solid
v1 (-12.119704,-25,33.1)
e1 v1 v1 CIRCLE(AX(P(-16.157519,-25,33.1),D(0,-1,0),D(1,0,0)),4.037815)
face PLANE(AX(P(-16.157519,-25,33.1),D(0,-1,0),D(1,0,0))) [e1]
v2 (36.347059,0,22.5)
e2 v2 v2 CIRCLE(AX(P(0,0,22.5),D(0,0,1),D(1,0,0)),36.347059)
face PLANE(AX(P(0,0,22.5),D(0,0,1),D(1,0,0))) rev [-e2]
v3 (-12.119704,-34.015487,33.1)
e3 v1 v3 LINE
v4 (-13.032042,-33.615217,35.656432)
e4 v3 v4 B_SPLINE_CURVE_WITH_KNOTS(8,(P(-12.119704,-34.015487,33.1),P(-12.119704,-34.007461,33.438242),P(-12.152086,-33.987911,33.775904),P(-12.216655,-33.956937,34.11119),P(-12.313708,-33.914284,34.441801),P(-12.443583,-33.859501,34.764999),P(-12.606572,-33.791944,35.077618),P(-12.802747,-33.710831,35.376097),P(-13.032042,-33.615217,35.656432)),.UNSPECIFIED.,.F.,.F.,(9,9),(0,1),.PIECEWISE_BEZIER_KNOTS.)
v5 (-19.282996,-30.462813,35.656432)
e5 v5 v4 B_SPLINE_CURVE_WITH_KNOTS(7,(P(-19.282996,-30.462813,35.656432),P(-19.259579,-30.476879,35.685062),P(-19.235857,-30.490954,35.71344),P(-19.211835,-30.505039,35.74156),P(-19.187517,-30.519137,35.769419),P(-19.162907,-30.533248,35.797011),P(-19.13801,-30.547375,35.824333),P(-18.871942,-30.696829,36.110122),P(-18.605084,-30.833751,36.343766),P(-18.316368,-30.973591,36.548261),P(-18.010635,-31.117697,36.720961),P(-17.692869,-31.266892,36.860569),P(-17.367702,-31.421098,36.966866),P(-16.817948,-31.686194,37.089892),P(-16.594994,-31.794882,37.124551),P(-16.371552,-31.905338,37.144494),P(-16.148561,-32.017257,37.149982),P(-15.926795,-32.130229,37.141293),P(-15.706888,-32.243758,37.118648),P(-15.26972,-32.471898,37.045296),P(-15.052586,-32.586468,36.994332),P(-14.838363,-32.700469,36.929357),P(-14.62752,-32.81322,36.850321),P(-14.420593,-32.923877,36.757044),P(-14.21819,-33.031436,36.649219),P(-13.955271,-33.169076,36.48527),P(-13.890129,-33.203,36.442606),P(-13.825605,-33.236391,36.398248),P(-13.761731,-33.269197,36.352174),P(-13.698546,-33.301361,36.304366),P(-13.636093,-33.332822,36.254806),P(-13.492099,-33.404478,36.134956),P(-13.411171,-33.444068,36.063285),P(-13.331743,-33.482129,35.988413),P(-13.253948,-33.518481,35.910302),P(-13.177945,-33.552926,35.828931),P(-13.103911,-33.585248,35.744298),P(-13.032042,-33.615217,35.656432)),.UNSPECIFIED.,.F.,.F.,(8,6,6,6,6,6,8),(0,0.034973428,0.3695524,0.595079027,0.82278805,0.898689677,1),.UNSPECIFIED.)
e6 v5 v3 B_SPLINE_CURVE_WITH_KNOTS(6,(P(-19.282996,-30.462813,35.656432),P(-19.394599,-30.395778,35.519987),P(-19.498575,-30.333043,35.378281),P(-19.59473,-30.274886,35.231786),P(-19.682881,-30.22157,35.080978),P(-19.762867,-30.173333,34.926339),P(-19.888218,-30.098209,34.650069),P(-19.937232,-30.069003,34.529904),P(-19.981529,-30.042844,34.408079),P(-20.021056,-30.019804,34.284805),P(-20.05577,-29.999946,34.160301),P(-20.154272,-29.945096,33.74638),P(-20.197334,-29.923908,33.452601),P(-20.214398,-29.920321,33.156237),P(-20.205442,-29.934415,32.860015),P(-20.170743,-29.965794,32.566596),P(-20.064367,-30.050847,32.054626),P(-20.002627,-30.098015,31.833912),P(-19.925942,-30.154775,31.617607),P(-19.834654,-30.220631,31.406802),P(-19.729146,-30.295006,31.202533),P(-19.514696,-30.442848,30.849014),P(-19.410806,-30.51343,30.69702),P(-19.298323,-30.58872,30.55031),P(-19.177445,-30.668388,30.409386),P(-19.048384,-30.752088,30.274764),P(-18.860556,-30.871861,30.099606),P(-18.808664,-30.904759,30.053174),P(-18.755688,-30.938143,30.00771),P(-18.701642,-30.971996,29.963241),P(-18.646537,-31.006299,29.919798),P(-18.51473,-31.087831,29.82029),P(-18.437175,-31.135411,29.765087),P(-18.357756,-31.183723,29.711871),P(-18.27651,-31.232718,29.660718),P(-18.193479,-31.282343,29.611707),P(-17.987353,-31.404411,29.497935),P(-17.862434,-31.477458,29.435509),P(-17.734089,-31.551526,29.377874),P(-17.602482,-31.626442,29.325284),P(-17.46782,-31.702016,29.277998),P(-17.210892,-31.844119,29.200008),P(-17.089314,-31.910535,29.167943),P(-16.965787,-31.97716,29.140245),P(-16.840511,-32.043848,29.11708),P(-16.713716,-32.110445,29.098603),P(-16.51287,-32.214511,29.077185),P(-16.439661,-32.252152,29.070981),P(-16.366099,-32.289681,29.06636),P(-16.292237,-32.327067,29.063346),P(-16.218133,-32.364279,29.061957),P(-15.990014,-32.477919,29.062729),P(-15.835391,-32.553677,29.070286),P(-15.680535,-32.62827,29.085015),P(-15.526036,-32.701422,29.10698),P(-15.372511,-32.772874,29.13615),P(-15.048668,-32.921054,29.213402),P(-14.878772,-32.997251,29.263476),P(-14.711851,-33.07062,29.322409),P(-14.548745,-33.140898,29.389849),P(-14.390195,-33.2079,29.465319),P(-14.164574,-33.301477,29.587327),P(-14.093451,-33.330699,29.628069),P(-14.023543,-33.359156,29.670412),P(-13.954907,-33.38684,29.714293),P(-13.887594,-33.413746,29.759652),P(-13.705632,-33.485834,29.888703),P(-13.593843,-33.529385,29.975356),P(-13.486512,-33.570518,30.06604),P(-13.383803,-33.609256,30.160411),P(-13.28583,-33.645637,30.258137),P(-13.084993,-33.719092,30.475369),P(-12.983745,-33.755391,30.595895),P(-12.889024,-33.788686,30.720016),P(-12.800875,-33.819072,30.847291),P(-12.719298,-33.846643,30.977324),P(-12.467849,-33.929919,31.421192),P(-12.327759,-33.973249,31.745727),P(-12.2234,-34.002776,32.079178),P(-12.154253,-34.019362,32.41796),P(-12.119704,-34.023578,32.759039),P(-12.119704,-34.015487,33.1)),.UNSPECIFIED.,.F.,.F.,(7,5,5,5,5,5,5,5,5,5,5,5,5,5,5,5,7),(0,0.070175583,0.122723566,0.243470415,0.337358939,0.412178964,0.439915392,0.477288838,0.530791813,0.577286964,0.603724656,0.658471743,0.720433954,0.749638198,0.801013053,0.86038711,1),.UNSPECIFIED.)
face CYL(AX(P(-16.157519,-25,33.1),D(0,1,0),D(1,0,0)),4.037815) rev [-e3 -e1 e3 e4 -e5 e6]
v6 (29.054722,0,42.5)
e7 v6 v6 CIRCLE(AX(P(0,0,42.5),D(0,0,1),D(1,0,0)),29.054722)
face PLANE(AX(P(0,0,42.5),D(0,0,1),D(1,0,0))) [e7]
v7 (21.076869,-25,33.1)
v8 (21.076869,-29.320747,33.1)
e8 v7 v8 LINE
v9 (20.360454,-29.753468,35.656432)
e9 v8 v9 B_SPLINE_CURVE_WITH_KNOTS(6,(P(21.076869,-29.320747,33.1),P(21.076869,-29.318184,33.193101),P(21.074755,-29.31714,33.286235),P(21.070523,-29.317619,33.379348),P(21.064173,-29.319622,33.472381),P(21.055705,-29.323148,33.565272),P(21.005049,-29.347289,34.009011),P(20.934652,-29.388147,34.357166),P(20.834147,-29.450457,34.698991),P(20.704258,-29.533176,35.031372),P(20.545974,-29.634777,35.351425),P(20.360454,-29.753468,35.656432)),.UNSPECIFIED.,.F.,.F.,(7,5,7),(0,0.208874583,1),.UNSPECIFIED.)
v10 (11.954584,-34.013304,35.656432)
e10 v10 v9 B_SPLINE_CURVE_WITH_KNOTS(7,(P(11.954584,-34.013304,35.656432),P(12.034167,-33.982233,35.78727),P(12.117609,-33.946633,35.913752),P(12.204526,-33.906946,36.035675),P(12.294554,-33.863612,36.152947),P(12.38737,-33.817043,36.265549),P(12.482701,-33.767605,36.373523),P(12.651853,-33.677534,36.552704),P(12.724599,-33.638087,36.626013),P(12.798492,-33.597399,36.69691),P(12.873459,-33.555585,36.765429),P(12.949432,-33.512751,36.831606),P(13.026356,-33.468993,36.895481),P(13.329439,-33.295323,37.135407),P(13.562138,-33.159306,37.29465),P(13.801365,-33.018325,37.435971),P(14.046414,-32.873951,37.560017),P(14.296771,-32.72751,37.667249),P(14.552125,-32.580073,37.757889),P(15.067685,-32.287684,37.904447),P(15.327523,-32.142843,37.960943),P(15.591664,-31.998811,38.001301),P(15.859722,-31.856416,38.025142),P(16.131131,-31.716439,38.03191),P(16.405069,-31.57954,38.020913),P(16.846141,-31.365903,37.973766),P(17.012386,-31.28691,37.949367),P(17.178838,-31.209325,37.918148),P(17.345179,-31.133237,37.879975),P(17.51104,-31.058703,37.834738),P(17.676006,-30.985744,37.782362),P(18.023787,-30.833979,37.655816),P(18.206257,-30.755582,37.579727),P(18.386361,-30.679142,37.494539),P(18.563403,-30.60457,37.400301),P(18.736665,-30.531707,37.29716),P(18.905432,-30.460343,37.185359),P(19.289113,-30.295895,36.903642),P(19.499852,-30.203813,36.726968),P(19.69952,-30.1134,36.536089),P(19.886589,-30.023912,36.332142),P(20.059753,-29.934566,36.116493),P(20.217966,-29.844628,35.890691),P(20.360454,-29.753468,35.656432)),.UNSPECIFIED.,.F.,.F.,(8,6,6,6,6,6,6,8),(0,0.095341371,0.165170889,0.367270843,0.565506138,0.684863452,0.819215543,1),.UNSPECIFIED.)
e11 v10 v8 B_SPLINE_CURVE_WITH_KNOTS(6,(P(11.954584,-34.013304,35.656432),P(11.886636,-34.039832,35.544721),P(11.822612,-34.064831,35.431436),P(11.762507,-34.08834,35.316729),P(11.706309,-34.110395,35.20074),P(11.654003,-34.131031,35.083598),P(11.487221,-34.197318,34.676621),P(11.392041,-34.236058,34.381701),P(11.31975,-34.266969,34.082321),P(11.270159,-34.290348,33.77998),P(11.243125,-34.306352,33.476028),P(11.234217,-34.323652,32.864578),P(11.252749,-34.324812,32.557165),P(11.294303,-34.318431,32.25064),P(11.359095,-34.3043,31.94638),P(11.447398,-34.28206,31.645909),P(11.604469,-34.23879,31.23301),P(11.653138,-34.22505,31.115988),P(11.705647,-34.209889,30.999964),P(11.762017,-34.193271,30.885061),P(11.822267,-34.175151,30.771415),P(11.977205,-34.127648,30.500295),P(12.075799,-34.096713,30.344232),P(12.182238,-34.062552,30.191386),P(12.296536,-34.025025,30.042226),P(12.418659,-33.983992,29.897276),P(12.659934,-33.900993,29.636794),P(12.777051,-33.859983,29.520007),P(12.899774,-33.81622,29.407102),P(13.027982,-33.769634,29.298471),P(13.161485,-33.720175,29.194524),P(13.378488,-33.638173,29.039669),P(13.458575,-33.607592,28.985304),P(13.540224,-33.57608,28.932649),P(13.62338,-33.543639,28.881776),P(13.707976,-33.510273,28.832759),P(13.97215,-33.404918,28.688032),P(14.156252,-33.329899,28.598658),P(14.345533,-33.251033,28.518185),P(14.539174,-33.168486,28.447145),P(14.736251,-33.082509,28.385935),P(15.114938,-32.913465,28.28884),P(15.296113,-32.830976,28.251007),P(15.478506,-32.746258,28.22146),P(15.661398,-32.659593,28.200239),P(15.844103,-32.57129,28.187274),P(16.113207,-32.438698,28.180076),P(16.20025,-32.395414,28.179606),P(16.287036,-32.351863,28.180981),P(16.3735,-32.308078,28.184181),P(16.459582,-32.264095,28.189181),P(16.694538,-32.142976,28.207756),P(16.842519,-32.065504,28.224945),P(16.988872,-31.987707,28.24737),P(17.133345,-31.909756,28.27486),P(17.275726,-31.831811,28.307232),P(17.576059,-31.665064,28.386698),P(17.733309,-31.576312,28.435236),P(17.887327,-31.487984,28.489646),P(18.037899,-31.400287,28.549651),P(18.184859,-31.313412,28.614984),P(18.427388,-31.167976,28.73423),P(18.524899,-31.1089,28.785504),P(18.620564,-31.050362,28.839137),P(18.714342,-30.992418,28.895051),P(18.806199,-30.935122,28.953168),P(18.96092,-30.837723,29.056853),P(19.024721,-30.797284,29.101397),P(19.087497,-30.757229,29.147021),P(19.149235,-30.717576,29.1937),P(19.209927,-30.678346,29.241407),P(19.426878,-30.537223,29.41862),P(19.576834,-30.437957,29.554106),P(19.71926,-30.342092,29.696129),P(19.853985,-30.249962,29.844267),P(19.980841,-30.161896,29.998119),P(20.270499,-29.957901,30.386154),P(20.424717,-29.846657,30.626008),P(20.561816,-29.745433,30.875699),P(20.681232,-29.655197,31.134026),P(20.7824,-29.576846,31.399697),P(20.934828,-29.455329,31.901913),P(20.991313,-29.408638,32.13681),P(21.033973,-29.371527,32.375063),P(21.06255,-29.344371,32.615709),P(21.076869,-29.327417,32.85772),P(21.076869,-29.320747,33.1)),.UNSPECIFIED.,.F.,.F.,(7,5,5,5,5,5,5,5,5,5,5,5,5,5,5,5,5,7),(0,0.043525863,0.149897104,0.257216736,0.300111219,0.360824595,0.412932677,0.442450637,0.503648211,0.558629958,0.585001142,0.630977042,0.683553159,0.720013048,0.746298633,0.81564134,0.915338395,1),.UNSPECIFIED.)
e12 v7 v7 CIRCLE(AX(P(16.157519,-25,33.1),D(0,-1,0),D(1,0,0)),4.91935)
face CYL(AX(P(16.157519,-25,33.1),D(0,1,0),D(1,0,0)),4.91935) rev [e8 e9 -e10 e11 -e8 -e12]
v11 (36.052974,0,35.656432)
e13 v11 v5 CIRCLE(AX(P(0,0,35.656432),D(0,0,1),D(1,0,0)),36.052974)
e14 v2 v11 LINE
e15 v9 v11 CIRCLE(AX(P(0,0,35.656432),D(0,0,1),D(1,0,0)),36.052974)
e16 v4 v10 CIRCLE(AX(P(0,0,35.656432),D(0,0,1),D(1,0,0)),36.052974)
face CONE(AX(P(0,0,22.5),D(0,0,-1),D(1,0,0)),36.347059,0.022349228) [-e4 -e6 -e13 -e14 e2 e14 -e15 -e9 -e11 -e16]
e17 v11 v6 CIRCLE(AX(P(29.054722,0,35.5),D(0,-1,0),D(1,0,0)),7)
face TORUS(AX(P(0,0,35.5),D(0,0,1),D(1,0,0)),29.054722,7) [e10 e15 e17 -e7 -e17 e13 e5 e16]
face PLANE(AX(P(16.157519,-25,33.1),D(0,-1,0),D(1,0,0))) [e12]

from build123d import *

# Parameters (mm, degrees)
FILLET047_R     = 7
SKETCH198_R     = 4.037815
SKETCH198_R_2   = 4.91935
POCKET063_DEPTH = 11.348059


with BuildPart() as part:
    # Sketch197 → Revolution001 (revolve)
    with BuildSketch(Plane.XZ):
        Polygon((0, 22.5), (36.347059, 22.5), (35.9, 42.5), (0, 42.5), align=None)
    revolve(axis=Axis((0, 0, 0), (0, 0, 1)))

    # Fillet047
    fillet047_edges = [part.edges().sort_by_distance(p)[0] for p in [
        (-35.9, 0, 42.5),
    ]]
    fillet(fillet047_edges, radius=FILLET047_R)

    # Sketch198 → Pocket063 (cut, through all)
    with BuildSketch(Plane.XZ.offset(25)):
        with Locations((-16.157519, 33.1)):
            Circle(SKETCH198_R)
        with Locations((16.157519, 33.1)):
            Circle(SKETCH198_R_2)
    extrude(amount=POCKET063_DEPTH, mode=Mode.SUBTRACT)


solid = part.part
